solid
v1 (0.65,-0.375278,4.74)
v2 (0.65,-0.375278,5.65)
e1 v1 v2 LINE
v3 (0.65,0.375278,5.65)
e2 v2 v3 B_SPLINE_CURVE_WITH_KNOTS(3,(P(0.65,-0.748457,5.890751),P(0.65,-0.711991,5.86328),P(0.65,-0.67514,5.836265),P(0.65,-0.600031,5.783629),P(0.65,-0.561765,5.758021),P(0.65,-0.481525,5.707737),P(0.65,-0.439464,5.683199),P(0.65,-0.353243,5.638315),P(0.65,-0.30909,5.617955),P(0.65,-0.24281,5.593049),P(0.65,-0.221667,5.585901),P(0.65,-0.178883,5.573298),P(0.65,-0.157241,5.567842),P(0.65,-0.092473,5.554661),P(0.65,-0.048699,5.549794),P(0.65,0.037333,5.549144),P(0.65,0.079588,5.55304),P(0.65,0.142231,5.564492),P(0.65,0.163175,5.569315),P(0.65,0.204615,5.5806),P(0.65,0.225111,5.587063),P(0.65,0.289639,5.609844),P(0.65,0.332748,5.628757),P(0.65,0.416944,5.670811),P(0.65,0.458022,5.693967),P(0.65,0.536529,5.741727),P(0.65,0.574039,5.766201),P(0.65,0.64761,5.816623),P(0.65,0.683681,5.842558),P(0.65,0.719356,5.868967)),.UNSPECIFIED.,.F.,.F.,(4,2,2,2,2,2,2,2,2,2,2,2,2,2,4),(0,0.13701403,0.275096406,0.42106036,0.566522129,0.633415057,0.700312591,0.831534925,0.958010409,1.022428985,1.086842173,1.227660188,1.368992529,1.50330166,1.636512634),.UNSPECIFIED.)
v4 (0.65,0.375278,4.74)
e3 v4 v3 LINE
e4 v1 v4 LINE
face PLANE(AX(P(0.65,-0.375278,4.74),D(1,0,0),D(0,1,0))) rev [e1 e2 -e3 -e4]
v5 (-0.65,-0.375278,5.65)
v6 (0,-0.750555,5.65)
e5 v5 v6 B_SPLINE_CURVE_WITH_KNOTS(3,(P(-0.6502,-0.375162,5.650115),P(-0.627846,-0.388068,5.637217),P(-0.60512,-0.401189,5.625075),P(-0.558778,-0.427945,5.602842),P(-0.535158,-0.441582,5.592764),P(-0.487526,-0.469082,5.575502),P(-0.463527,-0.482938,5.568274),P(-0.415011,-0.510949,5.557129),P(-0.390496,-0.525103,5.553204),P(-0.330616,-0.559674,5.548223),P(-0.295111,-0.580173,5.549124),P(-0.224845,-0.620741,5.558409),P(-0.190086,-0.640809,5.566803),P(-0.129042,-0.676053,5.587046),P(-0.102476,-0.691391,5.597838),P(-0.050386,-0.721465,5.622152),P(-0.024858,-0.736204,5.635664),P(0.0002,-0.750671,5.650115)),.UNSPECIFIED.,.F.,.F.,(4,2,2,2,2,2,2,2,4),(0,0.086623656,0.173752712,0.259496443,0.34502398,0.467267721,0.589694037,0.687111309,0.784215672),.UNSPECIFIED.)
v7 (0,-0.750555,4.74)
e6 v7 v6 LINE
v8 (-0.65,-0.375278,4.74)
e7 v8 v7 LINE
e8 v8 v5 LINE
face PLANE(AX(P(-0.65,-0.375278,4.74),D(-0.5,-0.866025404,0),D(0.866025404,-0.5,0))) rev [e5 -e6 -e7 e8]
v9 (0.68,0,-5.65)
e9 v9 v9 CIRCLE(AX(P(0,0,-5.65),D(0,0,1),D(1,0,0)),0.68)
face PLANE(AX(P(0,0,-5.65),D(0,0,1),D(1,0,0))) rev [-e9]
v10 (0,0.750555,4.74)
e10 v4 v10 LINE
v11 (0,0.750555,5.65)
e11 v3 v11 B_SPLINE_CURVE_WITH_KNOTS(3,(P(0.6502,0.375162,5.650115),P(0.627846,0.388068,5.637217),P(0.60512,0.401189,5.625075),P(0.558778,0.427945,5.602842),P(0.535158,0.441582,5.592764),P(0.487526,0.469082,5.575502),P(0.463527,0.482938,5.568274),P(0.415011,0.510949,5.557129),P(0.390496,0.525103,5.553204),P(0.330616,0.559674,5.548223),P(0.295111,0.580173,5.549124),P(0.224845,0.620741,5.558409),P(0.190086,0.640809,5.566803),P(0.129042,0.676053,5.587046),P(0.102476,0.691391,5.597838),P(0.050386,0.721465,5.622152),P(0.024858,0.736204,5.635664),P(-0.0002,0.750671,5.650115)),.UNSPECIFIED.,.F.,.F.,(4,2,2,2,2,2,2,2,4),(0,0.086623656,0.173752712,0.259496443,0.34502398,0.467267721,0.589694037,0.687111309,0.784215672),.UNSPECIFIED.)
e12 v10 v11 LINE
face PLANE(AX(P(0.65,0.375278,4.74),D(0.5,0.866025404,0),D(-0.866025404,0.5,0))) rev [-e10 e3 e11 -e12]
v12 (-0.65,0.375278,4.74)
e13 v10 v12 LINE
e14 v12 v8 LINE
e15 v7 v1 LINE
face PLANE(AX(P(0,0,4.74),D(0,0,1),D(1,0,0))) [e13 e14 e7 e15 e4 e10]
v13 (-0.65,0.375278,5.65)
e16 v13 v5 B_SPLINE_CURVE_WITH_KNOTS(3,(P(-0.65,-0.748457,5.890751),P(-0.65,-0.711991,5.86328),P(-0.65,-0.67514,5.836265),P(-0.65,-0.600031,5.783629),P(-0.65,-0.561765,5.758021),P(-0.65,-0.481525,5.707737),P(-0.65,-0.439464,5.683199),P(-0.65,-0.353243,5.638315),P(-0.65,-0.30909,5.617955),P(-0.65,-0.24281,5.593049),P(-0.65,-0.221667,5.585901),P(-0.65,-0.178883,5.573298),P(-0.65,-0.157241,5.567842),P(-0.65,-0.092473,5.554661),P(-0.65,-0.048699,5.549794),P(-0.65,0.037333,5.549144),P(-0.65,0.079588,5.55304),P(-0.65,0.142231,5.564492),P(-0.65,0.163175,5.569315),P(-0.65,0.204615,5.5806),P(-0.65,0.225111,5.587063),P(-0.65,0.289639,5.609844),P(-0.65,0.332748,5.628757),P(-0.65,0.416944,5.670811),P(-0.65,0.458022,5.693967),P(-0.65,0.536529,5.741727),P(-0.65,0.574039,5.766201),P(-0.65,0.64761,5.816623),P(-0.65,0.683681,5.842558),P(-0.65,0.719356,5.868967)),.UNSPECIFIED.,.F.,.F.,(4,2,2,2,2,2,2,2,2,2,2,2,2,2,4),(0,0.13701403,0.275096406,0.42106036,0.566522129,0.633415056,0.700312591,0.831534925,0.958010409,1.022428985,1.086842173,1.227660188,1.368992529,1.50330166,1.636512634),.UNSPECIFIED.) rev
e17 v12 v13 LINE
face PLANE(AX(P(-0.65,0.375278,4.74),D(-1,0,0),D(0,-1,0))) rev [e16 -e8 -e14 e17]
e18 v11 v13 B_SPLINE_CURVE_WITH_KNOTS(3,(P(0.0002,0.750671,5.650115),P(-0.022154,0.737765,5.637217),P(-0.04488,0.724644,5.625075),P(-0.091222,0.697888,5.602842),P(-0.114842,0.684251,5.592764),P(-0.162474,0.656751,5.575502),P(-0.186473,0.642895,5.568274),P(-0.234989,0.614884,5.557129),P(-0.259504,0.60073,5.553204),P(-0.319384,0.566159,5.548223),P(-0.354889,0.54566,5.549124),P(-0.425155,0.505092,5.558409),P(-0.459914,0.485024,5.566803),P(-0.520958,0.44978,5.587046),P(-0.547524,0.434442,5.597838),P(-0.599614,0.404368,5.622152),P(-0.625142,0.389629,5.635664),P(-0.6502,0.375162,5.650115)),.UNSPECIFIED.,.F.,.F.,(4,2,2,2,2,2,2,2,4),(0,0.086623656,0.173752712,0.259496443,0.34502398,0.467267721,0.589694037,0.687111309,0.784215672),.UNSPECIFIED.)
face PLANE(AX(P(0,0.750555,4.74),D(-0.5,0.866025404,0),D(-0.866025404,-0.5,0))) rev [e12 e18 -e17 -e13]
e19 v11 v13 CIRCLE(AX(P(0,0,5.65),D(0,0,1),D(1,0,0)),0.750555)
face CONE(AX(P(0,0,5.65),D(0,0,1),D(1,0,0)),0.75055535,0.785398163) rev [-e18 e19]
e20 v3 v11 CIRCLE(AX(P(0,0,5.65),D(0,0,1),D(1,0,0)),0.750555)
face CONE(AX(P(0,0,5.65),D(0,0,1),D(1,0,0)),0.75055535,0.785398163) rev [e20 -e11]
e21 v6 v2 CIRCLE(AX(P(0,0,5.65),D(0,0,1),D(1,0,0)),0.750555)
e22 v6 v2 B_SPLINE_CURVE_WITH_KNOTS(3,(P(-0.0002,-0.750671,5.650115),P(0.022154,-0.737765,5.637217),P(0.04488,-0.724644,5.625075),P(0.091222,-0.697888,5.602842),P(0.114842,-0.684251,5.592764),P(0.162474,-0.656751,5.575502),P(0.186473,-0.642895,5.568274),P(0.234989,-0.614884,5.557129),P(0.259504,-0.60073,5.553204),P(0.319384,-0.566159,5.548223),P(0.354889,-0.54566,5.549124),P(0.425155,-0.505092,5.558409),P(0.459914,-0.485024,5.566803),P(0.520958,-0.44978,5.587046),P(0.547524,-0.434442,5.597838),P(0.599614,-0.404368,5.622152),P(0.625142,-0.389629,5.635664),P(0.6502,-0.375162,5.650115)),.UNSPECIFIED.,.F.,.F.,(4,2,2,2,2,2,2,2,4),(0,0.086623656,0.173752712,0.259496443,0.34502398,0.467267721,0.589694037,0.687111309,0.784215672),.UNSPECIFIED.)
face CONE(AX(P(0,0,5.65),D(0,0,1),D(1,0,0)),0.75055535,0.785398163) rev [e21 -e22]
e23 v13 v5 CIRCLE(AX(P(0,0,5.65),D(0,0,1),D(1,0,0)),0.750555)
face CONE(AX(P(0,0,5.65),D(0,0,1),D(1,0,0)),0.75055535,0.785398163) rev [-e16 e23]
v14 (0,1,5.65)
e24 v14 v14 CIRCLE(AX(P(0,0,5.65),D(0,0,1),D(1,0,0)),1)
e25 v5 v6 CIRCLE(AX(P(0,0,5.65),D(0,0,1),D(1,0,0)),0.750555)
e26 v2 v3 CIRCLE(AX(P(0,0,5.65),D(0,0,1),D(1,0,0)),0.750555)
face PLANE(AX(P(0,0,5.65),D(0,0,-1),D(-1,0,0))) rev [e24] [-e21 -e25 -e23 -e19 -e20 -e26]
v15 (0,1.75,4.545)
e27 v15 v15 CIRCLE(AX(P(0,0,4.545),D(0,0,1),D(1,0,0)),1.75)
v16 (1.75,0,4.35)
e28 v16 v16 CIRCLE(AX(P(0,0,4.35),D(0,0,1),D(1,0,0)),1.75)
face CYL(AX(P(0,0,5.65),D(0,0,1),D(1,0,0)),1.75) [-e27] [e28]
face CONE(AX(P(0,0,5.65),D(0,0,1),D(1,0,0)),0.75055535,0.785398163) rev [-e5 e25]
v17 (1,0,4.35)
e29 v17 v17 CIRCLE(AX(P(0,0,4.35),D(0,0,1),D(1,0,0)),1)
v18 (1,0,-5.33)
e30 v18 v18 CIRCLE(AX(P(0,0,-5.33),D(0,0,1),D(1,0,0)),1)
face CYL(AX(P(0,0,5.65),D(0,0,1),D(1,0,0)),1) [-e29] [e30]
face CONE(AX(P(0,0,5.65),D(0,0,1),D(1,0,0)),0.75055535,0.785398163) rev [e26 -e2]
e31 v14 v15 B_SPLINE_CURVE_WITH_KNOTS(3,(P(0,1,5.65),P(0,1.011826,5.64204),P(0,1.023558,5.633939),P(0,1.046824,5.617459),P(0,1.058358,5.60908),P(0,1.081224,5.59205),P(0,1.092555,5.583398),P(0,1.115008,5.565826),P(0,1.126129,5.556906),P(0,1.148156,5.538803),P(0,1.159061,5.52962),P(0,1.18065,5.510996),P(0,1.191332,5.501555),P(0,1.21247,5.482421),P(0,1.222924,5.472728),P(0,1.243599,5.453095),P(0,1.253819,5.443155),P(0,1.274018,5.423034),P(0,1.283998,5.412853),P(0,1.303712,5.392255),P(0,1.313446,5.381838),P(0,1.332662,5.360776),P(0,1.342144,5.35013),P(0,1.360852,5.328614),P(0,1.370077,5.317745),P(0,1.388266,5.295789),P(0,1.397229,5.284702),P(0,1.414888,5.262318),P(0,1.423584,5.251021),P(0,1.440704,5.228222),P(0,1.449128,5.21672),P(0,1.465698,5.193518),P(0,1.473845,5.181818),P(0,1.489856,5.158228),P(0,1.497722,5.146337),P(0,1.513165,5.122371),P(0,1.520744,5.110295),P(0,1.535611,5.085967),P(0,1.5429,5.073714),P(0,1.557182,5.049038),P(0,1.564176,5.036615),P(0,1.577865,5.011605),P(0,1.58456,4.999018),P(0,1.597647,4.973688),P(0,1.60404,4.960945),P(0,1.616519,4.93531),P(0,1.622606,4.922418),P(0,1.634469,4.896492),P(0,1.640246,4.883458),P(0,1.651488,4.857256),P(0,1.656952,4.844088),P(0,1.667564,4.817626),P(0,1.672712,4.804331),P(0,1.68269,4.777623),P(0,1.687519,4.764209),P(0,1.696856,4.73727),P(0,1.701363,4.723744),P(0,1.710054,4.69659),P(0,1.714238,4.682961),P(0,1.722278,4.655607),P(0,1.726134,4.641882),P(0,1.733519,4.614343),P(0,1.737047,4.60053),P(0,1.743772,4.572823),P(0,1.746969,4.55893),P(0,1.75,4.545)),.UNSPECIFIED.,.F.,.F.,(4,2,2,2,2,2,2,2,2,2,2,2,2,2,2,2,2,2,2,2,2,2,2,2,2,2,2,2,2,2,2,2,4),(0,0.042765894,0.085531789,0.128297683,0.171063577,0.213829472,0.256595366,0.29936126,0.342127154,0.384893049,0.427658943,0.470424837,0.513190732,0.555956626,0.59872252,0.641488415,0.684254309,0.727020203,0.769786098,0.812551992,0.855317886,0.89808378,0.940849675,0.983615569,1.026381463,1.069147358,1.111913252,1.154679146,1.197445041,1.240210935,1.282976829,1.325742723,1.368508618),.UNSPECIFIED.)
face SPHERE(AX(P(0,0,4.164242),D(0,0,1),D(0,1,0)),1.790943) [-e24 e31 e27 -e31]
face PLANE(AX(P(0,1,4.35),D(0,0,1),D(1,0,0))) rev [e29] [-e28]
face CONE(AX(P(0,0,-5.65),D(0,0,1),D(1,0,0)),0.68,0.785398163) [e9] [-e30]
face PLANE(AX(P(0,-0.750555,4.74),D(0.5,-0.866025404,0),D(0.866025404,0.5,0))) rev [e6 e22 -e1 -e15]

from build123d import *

# Parameters (mm, degrees)
CUT_EXTRUDE1_DEPTH = 0.91


with BuildPart() as part:
    # Sketch2 → Revolve1 (revolve)
    with BuildSketch(Plane(origin=(0, 0, 0), x_dir=(0, 0, -1), z_dir=(1, 0, 0)), mode=Mode.PRIVATE) as revolve1_sk:
        with BuildLine():
            Line((-5.65, 0), (5.65, 0))
            Line((5.65, 0), (5.65, 0.68))
            Line((5.65, 0.68), (5.33, 1))
            Line((5.33, 1), (-4.35, 1))
            Line((-4.35, 1), (-4.35, 1.75))
            Line((-4.35, 1.75), (-4.545, 1.75))
            ThreePointArc((-4.545, 1.75), (-5.170023043, 1.481850617), (-5.65, 1))
            Line((-5.65, 1), (-5.65, 0))
        make_face()
    revolve(revolve1_sk.sketch.rotate(Axis((0, 0, 5.65), (0, 0, -1)), 90), axis=Axis((0, 0, 5.65), (0, 0, -1)))

    # Sketch3 → Cut-Extrude1 (cut)
    with BuildSketch(Plane.XY.offset(5.65)):
        Polygon((0, 0.75055535), (-0.65, 0.375277675), (-0.65, -0.375277675), (0, -0.75055535), (0.65, -0.375277675), (0.65, 0.375277675), align=None)
    extrude(amount=-CUT_EXTRUDE1_DEPTH, mode=Mode.SUBTRACT)

    # Cut-Extrude2 cone 1 section (through the dimple's axis) → Cut-Extrude2 (revolve, cut)
    with BuildSketch(Plane(origin=(0, 0, 5.65), x_dir=(0, -1, 0), z_dir=(1, 0, 0))):
        Polygon((0, 0), (0.75055535, 0), (0, 0.75055535), align=None)
    revolve(axis=Axis((0, 0, 5.65), (0, 0, -1)), mode=Mode.SUBTRACT)


solid = part.part
